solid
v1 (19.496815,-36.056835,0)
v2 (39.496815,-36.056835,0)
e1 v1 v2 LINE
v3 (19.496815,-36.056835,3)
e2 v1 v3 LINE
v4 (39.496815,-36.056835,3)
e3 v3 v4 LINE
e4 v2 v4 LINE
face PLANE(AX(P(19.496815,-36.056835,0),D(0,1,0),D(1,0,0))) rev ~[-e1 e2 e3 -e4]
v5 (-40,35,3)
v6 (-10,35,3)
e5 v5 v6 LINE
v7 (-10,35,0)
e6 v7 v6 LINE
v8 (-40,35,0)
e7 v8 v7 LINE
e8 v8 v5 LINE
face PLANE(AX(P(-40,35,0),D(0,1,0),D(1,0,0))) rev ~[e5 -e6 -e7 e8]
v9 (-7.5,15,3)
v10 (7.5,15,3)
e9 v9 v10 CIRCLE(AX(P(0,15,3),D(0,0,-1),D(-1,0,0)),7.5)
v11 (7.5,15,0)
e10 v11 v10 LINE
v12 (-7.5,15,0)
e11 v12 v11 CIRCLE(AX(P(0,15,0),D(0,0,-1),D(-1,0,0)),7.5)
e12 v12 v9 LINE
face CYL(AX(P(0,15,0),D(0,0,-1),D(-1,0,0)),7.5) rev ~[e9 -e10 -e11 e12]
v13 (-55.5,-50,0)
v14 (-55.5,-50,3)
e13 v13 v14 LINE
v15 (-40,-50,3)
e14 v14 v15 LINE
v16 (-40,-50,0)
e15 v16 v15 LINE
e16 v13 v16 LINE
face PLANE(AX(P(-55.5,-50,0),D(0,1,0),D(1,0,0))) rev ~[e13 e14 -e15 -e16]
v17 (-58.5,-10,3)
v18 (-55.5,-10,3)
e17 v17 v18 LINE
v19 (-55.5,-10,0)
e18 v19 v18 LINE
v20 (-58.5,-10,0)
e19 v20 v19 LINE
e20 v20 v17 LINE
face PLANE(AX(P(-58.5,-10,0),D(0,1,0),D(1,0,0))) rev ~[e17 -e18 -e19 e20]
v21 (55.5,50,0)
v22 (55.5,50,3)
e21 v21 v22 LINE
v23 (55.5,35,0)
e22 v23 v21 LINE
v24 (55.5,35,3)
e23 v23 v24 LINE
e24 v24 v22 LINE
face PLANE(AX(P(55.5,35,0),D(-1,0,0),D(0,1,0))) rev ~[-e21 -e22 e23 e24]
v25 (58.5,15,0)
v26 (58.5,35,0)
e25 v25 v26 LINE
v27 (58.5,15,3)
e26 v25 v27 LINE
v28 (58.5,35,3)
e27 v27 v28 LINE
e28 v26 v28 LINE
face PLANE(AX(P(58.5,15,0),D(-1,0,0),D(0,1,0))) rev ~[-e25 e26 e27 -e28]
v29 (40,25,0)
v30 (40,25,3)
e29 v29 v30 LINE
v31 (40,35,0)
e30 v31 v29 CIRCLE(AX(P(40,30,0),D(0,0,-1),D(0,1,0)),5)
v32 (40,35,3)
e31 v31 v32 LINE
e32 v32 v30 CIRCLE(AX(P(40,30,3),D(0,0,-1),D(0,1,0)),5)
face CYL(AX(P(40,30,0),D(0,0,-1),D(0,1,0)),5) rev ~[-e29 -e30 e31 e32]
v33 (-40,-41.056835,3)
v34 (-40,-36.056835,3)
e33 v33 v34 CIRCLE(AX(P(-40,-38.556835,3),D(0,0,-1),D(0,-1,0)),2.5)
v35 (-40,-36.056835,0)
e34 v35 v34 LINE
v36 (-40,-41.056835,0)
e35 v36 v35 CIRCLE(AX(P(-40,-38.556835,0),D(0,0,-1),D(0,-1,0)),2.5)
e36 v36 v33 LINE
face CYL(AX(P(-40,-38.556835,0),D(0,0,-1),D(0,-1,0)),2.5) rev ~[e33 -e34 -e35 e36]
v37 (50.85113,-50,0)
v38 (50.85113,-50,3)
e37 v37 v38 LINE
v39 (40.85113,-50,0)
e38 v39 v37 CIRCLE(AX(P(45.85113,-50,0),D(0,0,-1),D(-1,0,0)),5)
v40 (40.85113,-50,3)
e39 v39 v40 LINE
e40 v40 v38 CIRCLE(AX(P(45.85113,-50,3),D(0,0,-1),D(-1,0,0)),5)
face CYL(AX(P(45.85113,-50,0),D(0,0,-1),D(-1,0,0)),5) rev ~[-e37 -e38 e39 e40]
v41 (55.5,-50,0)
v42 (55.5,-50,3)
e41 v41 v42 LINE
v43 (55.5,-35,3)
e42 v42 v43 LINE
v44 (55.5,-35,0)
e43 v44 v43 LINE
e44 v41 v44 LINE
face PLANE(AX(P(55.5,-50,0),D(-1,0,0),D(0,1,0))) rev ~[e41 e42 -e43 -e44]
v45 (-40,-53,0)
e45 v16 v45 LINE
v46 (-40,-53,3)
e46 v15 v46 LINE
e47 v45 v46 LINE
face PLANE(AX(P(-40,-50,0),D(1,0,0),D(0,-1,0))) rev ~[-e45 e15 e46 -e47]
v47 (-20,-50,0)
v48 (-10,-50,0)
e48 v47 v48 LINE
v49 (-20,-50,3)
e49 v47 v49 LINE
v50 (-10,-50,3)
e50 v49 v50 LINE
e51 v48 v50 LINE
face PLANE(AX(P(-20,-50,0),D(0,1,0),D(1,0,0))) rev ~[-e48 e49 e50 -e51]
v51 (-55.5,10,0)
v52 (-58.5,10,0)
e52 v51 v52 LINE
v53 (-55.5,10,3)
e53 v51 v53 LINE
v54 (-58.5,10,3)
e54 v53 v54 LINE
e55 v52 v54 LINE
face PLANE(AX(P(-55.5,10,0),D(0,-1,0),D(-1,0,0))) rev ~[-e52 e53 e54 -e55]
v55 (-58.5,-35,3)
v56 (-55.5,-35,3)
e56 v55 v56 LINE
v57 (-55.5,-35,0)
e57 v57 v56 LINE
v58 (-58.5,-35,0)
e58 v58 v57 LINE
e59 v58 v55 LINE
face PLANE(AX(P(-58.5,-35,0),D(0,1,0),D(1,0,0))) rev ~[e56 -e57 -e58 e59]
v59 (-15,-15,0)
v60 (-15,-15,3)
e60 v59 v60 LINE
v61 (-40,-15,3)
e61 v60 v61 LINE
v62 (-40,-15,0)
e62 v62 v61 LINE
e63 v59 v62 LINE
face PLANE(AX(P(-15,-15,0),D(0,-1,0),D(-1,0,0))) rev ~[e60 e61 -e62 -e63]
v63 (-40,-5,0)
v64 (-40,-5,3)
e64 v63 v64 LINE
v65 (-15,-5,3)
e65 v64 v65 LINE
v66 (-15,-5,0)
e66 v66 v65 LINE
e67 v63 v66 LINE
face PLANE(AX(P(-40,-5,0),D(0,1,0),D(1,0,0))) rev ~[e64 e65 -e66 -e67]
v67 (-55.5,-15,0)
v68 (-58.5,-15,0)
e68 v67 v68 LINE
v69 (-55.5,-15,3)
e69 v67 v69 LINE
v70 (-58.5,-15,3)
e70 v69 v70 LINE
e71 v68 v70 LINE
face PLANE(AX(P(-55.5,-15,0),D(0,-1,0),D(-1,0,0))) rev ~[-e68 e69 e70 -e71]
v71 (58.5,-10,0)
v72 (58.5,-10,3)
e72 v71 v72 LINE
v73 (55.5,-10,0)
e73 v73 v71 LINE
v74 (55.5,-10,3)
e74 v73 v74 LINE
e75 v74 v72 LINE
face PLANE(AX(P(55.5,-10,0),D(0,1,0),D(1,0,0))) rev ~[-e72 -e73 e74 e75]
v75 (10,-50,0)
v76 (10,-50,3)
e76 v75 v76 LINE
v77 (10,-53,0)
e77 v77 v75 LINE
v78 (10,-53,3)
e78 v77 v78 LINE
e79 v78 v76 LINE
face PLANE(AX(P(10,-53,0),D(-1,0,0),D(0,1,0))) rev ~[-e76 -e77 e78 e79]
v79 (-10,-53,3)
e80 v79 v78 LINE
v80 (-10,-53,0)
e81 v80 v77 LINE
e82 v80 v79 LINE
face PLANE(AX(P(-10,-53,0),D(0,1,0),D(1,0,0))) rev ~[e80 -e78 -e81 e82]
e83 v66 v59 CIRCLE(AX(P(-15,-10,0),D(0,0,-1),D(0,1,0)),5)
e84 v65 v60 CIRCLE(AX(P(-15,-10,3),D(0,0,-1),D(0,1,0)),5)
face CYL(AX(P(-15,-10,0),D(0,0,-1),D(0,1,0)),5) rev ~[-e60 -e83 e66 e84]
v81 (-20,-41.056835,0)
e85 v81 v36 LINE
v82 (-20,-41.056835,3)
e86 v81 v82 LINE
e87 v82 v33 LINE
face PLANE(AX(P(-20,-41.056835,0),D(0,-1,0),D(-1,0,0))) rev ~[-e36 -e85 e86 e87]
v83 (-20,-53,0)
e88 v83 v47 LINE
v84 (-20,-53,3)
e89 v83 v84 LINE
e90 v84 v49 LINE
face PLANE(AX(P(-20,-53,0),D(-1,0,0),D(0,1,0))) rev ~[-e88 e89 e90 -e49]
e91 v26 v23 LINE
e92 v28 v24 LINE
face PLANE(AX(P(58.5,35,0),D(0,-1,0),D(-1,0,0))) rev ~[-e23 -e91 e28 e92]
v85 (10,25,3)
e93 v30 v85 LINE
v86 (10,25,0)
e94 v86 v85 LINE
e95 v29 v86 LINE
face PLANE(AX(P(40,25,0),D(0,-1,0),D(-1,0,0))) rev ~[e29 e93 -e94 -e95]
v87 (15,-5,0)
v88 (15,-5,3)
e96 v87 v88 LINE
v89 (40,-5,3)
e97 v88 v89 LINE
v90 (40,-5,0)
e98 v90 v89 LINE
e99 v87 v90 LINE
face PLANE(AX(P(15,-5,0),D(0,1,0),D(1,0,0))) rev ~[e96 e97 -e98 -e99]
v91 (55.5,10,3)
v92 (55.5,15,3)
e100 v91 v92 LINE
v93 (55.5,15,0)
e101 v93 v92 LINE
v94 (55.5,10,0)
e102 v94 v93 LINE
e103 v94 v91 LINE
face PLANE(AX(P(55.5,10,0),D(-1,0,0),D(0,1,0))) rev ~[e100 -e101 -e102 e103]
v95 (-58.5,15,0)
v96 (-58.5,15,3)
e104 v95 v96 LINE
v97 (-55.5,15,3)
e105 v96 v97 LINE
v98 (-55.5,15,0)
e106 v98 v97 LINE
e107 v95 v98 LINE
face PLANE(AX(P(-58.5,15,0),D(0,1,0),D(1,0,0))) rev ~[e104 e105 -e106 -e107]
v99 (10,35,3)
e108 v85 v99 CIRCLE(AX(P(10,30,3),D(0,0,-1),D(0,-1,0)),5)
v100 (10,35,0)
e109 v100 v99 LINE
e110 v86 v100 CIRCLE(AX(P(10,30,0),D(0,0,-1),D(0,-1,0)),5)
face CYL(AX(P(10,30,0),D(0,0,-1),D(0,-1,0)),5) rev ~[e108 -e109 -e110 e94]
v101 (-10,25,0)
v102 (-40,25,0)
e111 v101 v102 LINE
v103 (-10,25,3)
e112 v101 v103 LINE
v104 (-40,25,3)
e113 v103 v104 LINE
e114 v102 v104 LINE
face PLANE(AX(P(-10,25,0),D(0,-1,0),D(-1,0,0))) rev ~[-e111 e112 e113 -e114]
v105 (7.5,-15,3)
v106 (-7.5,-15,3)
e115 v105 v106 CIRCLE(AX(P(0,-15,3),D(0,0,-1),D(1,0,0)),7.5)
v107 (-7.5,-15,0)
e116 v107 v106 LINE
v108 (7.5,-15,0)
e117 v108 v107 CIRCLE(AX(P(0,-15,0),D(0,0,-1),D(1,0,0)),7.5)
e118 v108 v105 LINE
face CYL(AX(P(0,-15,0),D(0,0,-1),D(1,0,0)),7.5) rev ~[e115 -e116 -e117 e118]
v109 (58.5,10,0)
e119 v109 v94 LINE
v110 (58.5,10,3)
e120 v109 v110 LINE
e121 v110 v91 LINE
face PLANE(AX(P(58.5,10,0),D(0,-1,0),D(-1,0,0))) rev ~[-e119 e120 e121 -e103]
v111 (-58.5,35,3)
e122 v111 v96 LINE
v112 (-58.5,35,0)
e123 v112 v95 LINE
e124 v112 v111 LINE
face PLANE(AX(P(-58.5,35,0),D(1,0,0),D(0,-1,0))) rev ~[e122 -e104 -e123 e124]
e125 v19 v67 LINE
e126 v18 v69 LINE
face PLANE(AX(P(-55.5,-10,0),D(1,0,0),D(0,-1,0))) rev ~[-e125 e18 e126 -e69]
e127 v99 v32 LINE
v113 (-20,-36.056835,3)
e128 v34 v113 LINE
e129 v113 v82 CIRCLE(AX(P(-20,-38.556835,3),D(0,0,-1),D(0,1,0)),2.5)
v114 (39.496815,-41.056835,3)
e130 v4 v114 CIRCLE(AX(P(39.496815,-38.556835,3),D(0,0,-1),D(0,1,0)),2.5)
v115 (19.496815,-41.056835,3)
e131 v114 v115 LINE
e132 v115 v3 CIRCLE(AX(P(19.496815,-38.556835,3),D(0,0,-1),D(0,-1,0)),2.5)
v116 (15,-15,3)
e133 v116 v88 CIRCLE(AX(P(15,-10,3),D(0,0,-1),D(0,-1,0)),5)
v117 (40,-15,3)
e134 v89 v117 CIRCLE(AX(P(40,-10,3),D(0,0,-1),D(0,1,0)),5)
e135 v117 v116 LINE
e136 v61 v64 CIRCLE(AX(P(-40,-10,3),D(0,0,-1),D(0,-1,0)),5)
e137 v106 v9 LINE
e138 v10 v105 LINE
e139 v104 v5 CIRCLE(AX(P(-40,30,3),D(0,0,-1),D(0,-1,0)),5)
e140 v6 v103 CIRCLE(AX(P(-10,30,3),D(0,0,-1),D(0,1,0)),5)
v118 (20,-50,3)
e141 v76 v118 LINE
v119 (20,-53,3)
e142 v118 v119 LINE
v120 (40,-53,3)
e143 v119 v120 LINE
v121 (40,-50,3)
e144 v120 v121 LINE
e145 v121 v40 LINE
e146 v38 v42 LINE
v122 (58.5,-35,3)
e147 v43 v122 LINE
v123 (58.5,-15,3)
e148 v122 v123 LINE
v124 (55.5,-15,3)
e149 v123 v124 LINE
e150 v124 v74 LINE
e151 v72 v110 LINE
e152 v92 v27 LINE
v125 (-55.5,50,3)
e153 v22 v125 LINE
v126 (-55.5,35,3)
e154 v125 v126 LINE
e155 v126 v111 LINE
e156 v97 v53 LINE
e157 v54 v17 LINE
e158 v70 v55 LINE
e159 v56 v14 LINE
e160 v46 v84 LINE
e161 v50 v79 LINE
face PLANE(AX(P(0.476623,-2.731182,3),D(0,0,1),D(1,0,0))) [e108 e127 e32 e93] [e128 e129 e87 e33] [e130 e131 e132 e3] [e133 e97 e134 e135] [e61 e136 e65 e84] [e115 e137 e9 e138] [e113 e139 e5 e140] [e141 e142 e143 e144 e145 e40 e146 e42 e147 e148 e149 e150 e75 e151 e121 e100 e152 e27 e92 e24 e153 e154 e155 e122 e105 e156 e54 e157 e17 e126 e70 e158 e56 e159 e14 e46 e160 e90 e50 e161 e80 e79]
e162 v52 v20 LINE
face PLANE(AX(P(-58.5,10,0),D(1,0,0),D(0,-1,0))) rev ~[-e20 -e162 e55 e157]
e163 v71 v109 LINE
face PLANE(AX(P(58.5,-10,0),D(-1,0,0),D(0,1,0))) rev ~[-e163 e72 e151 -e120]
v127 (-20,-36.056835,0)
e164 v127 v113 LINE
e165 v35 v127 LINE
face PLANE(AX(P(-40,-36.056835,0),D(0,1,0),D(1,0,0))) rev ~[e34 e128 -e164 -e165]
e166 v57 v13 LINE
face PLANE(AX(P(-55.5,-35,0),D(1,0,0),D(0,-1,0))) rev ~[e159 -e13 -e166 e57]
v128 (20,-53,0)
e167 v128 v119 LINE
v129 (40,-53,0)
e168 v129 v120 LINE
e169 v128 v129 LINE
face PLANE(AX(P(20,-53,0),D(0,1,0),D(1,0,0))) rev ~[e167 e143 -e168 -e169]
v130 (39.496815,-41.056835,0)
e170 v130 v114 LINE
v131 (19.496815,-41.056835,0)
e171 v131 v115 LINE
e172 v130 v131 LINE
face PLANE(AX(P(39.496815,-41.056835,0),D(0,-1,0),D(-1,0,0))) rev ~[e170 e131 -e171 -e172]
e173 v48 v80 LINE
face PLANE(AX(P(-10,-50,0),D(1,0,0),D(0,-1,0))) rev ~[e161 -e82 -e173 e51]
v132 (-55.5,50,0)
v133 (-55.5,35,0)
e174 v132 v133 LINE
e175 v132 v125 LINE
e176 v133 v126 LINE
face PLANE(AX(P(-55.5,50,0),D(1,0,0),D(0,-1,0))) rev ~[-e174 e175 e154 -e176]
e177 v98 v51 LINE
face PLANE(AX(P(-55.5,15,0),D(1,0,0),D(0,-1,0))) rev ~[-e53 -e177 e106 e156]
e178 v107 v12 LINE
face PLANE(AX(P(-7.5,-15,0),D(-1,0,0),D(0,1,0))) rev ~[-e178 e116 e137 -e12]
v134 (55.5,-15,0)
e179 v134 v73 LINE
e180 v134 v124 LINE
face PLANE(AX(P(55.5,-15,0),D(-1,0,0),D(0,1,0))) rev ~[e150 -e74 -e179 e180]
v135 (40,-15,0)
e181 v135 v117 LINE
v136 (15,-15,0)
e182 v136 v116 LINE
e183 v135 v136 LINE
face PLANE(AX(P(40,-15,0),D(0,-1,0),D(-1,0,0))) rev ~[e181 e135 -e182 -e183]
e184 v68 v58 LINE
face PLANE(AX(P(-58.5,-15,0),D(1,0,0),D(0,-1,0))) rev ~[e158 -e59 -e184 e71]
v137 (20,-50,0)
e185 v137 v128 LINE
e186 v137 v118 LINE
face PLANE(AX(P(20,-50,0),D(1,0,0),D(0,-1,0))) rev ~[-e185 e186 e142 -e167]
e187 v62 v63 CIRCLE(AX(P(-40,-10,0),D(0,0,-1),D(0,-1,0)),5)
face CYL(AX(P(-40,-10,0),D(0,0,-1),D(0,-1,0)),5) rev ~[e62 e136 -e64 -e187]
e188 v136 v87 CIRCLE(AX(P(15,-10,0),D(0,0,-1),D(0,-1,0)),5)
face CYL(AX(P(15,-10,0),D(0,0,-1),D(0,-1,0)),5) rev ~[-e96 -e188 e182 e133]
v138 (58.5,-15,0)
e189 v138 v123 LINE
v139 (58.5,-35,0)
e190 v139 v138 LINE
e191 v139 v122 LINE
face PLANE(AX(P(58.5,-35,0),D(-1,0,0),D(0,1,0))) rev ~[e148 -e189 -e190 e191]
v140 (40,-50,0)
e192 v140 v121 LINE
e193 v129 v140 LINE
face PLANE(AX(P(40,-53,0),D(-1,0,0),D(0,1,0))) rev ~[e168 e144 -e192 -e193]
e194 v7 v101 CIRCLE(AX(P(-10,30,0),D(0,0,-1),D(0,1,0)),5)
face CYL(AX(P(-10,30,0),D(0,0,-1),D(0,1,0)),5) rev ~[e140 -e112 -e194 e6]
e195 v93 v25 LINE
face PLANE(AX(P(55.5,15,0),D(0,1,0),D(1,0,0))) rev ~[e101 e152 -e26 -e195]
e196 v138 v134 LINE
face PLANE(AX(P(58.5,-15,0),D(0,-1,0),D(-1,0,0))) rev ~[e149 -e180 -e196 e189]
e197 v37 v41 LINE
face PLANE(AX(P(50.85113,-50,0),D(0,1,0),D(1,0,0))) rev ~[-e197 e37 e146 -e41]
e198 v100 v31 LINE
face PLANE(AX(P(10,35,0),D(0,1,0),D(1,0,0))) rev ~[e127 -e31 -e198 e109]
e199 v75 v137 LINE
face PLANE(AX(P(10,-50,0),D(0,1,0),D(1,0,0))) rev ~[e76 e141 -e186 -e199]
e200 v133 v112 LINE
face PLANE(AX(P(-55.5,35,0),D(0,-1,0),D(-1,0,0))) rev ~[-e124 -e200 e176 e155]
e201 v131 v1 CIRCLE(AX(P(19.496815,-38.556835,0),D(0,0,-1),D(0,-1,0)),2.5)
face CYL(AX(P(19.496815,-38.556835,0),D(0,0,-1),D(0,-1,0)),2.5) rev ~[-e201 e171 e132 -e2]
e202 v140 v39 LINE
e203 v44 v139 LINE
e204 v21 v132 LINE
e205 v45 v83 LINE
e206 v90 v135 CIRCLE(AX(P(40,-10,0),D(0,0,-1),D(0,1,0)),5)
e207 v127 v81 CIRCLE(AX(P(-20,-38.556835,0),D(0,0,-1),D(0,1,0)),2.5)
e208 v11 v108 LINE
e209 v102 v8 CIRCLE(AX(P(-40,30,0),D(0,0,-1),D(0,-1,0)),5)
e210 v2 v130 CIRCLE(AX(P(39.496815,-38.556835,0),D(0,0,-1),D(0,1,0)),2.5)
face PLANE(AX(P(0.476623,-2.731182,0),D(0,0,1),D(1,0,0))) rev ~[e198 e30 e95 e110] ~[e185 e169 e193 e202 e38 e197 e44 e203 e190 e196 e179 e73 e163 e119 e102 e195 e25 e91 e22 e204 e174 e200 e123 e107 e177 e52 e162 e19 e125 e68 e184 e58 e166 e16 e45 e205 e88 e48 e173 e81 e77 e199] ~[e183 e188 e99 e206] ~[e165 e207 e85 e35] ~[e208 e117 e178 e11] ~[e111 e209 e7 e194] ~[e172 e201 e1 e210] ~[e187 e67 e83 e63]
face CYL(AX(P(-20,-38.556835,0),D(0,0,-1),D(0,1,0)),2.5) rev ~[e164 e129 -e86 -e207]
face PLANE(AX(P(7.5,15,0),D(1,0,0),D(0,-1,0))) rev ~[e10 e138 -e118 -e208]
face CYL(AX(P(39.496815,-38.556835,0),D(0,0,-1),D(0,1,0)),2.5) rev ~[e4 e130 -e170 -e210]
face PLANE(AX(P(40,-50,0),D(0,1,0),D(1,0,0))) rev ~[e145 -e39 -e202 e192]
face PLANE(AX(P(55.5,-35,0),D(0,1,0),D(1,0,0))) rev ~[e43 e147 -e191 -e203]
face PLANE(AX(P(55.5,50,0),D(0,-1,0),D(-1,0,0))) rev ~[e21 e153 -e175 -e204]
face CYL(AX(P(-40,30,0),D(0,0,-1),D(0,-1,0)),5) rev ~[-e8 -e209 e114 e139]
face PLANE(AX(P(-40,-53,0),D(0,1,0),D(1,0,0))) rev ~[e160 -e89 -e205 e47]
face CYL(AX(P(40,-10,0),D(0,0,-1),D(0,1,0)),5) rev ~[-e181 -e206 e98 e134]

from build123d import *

# Parameters (mm, degrees)
BOSS_EXTRUDE1_DEPTH = 3


with BuildPart() as part:
    # Sketch1 → Boss-Extrude1 (new body)
    with BuildSketch(Plane.XY):
        with BuildLine():
            Line((-55.5, -50), (-40, -50))
            Line((-40, -50), (-40, -53))
            Line((-40, -53), (-20, -53))
            Line((-20, -53), (-20, -50))
            Line((-20, -50), (-10, -50))
            Line((-10, -50), (-10, -53))
            Line((-10, -53), (10, -53))
            Line((10, -53), (10, -50))
            Line((10, -50), (20, -50))
            Line((20, -50), (20, -53))
            Line((20, -53), (40, -53))
            Line((40, -53), (40, -50))
            Line((40, -50), (40.851130485, -50))
            ThreePointArc((40.851130485, -50), (45.851130485, -45), (50.851130485, -50))
            Line((50.851130485, -50), (55.5, -50))
            Line((55.5, -50), (55.5, -35))
            Line((55.5, -35), (58.5, -35))
            Line((58.5, -35), (58.5, -15))
            Line((58.5, -15), (55.5, -15))
            Line((55.5, -15), (55.5, -10))
            Line((55.5, -10), (58.5, -10))
            Line((58.5, -10), (58.5, 10))
            Line((58.5, 10), (55.5, 10))
            Line((55.5, 10), (55.5, 15))
            Line((55.5, 15), (58.5, 15))
            Line((58.5, 15), (58.5, 35))
            Line((58.5, 35), (55.5, 35))
            Line((55.5, 35), (55.5, 50))
            Line((55.5, 50), (-55.5, 50))
            Line((-55.5, 50), (-55.5, 35))
            Line((-55.5, 35), (-58.5, 35))
            Line((-58.5, 35), (-58.5, 15))
            Line((-58.5, 15), (-55.5, 15))
            Line((-55.5, 15), (-55.5, 10))
            Line((-55.5, 10), (-58.5, 10))
            Line((-58.5, 10), (-58.5, -10))
            Line((-58.5, -10), (-55.5, -10))
            Line((-55.5, -10), (-55.5, -15))
            Line((-55.5, -15), (-58.5, -15))
            Line((-58.5, -15), (-58.5, -35))
            Line((-58.5, -35), (-55.5, -35))
            Line((-55.5, -35), (-55.5, -50))
        make_face()
        with BuildLine():
            Line((-40, 35), (-10, 35))
            ThreePointArc((-10, 35), (-5, 30), (-10, 25))
            Line((-10, 25), (-40, 25))
            ThreePointArc((-40, 25), (-45, 30), (-40, 35))
        make_face(mode=Mode.SUBTRACT)
        with BuildLine():
            Line((10, 35), (40, 35))
            ThreePointArc((40, 35), (45, 30), (40, 25))
            Line((40, 25), (10, 25))
            ThreePointArc((10, 25), (5, 30), (10, 35))
        make_face(mode=Mode.SUBTRACT)
        with BuildLine():
            Line((-7.5, -15), (-7.5, 15))
            ThreePointArc((-7.5, 15), (0, 22.5), (7.5, 15))
            Line((7.5, 15), (7.5, -15))
            ThreePointArc((7.5, -15), (0, -22.5), (-7.5, -15))
        make_face(mode=Mode.SUBTRACT)
        with BuildLine():
            Line((-40, -5), (-15, -5))
            ThreePointArc((-15, -5), (-10, -10), (-15, -15))
            Line((-15, -15), (-40, -15))
            ThreePointArc((-40, -15), (-45, -10), (-40, -5))
        make_face(mode=Mode.SUBTRACT)
        with BuildLine():
            Line((15, -5), (40, -5))
            ThreePointArc((40, -5), (45, -10), (40, -15))
            Line((40, -15), (15, -15))
            ThreePointArc((15, -15), (10, -10), (15, -5))
        make_face(mode=Mode.SUBTRACT)
        with BuildLine():
            Line((-40, -36.056835362), (-20, -36.056835362))
            ThreePointArc((-20, -36.056835362), (-17.5, -38.556835362), (-20, -41.056835362))
            Line((-20, -41.056835362), (-40, -41.056835362))
            ThreePointArc((-40, -41.056835362), (-42.5, -38.556835362), (-40, -36.056835362))
        make_face(mode=Mode.SUBTRACT)
        with BuildLine():
            Line((39.496814851, -41.056835362), (19.496814851, -41.056835362))
            ThreePointArc((19.496814851, -41.056835362), (16.996814851, -38.556835362), (19.496814851, -36.056835362))
            Line((19.496814851, -36.056835362), (39.496814851, -36.056835362))
            ThreePointArc((39.496814851, -36.056835362), (41.996814851, -38.556835362), (39.496814851, -41.056835362))
        make_face(mode=Mode.SUBTRACT)
    extrude(amount=BOSS_EXTRUDE1_DEPTH)


solid = part.part
